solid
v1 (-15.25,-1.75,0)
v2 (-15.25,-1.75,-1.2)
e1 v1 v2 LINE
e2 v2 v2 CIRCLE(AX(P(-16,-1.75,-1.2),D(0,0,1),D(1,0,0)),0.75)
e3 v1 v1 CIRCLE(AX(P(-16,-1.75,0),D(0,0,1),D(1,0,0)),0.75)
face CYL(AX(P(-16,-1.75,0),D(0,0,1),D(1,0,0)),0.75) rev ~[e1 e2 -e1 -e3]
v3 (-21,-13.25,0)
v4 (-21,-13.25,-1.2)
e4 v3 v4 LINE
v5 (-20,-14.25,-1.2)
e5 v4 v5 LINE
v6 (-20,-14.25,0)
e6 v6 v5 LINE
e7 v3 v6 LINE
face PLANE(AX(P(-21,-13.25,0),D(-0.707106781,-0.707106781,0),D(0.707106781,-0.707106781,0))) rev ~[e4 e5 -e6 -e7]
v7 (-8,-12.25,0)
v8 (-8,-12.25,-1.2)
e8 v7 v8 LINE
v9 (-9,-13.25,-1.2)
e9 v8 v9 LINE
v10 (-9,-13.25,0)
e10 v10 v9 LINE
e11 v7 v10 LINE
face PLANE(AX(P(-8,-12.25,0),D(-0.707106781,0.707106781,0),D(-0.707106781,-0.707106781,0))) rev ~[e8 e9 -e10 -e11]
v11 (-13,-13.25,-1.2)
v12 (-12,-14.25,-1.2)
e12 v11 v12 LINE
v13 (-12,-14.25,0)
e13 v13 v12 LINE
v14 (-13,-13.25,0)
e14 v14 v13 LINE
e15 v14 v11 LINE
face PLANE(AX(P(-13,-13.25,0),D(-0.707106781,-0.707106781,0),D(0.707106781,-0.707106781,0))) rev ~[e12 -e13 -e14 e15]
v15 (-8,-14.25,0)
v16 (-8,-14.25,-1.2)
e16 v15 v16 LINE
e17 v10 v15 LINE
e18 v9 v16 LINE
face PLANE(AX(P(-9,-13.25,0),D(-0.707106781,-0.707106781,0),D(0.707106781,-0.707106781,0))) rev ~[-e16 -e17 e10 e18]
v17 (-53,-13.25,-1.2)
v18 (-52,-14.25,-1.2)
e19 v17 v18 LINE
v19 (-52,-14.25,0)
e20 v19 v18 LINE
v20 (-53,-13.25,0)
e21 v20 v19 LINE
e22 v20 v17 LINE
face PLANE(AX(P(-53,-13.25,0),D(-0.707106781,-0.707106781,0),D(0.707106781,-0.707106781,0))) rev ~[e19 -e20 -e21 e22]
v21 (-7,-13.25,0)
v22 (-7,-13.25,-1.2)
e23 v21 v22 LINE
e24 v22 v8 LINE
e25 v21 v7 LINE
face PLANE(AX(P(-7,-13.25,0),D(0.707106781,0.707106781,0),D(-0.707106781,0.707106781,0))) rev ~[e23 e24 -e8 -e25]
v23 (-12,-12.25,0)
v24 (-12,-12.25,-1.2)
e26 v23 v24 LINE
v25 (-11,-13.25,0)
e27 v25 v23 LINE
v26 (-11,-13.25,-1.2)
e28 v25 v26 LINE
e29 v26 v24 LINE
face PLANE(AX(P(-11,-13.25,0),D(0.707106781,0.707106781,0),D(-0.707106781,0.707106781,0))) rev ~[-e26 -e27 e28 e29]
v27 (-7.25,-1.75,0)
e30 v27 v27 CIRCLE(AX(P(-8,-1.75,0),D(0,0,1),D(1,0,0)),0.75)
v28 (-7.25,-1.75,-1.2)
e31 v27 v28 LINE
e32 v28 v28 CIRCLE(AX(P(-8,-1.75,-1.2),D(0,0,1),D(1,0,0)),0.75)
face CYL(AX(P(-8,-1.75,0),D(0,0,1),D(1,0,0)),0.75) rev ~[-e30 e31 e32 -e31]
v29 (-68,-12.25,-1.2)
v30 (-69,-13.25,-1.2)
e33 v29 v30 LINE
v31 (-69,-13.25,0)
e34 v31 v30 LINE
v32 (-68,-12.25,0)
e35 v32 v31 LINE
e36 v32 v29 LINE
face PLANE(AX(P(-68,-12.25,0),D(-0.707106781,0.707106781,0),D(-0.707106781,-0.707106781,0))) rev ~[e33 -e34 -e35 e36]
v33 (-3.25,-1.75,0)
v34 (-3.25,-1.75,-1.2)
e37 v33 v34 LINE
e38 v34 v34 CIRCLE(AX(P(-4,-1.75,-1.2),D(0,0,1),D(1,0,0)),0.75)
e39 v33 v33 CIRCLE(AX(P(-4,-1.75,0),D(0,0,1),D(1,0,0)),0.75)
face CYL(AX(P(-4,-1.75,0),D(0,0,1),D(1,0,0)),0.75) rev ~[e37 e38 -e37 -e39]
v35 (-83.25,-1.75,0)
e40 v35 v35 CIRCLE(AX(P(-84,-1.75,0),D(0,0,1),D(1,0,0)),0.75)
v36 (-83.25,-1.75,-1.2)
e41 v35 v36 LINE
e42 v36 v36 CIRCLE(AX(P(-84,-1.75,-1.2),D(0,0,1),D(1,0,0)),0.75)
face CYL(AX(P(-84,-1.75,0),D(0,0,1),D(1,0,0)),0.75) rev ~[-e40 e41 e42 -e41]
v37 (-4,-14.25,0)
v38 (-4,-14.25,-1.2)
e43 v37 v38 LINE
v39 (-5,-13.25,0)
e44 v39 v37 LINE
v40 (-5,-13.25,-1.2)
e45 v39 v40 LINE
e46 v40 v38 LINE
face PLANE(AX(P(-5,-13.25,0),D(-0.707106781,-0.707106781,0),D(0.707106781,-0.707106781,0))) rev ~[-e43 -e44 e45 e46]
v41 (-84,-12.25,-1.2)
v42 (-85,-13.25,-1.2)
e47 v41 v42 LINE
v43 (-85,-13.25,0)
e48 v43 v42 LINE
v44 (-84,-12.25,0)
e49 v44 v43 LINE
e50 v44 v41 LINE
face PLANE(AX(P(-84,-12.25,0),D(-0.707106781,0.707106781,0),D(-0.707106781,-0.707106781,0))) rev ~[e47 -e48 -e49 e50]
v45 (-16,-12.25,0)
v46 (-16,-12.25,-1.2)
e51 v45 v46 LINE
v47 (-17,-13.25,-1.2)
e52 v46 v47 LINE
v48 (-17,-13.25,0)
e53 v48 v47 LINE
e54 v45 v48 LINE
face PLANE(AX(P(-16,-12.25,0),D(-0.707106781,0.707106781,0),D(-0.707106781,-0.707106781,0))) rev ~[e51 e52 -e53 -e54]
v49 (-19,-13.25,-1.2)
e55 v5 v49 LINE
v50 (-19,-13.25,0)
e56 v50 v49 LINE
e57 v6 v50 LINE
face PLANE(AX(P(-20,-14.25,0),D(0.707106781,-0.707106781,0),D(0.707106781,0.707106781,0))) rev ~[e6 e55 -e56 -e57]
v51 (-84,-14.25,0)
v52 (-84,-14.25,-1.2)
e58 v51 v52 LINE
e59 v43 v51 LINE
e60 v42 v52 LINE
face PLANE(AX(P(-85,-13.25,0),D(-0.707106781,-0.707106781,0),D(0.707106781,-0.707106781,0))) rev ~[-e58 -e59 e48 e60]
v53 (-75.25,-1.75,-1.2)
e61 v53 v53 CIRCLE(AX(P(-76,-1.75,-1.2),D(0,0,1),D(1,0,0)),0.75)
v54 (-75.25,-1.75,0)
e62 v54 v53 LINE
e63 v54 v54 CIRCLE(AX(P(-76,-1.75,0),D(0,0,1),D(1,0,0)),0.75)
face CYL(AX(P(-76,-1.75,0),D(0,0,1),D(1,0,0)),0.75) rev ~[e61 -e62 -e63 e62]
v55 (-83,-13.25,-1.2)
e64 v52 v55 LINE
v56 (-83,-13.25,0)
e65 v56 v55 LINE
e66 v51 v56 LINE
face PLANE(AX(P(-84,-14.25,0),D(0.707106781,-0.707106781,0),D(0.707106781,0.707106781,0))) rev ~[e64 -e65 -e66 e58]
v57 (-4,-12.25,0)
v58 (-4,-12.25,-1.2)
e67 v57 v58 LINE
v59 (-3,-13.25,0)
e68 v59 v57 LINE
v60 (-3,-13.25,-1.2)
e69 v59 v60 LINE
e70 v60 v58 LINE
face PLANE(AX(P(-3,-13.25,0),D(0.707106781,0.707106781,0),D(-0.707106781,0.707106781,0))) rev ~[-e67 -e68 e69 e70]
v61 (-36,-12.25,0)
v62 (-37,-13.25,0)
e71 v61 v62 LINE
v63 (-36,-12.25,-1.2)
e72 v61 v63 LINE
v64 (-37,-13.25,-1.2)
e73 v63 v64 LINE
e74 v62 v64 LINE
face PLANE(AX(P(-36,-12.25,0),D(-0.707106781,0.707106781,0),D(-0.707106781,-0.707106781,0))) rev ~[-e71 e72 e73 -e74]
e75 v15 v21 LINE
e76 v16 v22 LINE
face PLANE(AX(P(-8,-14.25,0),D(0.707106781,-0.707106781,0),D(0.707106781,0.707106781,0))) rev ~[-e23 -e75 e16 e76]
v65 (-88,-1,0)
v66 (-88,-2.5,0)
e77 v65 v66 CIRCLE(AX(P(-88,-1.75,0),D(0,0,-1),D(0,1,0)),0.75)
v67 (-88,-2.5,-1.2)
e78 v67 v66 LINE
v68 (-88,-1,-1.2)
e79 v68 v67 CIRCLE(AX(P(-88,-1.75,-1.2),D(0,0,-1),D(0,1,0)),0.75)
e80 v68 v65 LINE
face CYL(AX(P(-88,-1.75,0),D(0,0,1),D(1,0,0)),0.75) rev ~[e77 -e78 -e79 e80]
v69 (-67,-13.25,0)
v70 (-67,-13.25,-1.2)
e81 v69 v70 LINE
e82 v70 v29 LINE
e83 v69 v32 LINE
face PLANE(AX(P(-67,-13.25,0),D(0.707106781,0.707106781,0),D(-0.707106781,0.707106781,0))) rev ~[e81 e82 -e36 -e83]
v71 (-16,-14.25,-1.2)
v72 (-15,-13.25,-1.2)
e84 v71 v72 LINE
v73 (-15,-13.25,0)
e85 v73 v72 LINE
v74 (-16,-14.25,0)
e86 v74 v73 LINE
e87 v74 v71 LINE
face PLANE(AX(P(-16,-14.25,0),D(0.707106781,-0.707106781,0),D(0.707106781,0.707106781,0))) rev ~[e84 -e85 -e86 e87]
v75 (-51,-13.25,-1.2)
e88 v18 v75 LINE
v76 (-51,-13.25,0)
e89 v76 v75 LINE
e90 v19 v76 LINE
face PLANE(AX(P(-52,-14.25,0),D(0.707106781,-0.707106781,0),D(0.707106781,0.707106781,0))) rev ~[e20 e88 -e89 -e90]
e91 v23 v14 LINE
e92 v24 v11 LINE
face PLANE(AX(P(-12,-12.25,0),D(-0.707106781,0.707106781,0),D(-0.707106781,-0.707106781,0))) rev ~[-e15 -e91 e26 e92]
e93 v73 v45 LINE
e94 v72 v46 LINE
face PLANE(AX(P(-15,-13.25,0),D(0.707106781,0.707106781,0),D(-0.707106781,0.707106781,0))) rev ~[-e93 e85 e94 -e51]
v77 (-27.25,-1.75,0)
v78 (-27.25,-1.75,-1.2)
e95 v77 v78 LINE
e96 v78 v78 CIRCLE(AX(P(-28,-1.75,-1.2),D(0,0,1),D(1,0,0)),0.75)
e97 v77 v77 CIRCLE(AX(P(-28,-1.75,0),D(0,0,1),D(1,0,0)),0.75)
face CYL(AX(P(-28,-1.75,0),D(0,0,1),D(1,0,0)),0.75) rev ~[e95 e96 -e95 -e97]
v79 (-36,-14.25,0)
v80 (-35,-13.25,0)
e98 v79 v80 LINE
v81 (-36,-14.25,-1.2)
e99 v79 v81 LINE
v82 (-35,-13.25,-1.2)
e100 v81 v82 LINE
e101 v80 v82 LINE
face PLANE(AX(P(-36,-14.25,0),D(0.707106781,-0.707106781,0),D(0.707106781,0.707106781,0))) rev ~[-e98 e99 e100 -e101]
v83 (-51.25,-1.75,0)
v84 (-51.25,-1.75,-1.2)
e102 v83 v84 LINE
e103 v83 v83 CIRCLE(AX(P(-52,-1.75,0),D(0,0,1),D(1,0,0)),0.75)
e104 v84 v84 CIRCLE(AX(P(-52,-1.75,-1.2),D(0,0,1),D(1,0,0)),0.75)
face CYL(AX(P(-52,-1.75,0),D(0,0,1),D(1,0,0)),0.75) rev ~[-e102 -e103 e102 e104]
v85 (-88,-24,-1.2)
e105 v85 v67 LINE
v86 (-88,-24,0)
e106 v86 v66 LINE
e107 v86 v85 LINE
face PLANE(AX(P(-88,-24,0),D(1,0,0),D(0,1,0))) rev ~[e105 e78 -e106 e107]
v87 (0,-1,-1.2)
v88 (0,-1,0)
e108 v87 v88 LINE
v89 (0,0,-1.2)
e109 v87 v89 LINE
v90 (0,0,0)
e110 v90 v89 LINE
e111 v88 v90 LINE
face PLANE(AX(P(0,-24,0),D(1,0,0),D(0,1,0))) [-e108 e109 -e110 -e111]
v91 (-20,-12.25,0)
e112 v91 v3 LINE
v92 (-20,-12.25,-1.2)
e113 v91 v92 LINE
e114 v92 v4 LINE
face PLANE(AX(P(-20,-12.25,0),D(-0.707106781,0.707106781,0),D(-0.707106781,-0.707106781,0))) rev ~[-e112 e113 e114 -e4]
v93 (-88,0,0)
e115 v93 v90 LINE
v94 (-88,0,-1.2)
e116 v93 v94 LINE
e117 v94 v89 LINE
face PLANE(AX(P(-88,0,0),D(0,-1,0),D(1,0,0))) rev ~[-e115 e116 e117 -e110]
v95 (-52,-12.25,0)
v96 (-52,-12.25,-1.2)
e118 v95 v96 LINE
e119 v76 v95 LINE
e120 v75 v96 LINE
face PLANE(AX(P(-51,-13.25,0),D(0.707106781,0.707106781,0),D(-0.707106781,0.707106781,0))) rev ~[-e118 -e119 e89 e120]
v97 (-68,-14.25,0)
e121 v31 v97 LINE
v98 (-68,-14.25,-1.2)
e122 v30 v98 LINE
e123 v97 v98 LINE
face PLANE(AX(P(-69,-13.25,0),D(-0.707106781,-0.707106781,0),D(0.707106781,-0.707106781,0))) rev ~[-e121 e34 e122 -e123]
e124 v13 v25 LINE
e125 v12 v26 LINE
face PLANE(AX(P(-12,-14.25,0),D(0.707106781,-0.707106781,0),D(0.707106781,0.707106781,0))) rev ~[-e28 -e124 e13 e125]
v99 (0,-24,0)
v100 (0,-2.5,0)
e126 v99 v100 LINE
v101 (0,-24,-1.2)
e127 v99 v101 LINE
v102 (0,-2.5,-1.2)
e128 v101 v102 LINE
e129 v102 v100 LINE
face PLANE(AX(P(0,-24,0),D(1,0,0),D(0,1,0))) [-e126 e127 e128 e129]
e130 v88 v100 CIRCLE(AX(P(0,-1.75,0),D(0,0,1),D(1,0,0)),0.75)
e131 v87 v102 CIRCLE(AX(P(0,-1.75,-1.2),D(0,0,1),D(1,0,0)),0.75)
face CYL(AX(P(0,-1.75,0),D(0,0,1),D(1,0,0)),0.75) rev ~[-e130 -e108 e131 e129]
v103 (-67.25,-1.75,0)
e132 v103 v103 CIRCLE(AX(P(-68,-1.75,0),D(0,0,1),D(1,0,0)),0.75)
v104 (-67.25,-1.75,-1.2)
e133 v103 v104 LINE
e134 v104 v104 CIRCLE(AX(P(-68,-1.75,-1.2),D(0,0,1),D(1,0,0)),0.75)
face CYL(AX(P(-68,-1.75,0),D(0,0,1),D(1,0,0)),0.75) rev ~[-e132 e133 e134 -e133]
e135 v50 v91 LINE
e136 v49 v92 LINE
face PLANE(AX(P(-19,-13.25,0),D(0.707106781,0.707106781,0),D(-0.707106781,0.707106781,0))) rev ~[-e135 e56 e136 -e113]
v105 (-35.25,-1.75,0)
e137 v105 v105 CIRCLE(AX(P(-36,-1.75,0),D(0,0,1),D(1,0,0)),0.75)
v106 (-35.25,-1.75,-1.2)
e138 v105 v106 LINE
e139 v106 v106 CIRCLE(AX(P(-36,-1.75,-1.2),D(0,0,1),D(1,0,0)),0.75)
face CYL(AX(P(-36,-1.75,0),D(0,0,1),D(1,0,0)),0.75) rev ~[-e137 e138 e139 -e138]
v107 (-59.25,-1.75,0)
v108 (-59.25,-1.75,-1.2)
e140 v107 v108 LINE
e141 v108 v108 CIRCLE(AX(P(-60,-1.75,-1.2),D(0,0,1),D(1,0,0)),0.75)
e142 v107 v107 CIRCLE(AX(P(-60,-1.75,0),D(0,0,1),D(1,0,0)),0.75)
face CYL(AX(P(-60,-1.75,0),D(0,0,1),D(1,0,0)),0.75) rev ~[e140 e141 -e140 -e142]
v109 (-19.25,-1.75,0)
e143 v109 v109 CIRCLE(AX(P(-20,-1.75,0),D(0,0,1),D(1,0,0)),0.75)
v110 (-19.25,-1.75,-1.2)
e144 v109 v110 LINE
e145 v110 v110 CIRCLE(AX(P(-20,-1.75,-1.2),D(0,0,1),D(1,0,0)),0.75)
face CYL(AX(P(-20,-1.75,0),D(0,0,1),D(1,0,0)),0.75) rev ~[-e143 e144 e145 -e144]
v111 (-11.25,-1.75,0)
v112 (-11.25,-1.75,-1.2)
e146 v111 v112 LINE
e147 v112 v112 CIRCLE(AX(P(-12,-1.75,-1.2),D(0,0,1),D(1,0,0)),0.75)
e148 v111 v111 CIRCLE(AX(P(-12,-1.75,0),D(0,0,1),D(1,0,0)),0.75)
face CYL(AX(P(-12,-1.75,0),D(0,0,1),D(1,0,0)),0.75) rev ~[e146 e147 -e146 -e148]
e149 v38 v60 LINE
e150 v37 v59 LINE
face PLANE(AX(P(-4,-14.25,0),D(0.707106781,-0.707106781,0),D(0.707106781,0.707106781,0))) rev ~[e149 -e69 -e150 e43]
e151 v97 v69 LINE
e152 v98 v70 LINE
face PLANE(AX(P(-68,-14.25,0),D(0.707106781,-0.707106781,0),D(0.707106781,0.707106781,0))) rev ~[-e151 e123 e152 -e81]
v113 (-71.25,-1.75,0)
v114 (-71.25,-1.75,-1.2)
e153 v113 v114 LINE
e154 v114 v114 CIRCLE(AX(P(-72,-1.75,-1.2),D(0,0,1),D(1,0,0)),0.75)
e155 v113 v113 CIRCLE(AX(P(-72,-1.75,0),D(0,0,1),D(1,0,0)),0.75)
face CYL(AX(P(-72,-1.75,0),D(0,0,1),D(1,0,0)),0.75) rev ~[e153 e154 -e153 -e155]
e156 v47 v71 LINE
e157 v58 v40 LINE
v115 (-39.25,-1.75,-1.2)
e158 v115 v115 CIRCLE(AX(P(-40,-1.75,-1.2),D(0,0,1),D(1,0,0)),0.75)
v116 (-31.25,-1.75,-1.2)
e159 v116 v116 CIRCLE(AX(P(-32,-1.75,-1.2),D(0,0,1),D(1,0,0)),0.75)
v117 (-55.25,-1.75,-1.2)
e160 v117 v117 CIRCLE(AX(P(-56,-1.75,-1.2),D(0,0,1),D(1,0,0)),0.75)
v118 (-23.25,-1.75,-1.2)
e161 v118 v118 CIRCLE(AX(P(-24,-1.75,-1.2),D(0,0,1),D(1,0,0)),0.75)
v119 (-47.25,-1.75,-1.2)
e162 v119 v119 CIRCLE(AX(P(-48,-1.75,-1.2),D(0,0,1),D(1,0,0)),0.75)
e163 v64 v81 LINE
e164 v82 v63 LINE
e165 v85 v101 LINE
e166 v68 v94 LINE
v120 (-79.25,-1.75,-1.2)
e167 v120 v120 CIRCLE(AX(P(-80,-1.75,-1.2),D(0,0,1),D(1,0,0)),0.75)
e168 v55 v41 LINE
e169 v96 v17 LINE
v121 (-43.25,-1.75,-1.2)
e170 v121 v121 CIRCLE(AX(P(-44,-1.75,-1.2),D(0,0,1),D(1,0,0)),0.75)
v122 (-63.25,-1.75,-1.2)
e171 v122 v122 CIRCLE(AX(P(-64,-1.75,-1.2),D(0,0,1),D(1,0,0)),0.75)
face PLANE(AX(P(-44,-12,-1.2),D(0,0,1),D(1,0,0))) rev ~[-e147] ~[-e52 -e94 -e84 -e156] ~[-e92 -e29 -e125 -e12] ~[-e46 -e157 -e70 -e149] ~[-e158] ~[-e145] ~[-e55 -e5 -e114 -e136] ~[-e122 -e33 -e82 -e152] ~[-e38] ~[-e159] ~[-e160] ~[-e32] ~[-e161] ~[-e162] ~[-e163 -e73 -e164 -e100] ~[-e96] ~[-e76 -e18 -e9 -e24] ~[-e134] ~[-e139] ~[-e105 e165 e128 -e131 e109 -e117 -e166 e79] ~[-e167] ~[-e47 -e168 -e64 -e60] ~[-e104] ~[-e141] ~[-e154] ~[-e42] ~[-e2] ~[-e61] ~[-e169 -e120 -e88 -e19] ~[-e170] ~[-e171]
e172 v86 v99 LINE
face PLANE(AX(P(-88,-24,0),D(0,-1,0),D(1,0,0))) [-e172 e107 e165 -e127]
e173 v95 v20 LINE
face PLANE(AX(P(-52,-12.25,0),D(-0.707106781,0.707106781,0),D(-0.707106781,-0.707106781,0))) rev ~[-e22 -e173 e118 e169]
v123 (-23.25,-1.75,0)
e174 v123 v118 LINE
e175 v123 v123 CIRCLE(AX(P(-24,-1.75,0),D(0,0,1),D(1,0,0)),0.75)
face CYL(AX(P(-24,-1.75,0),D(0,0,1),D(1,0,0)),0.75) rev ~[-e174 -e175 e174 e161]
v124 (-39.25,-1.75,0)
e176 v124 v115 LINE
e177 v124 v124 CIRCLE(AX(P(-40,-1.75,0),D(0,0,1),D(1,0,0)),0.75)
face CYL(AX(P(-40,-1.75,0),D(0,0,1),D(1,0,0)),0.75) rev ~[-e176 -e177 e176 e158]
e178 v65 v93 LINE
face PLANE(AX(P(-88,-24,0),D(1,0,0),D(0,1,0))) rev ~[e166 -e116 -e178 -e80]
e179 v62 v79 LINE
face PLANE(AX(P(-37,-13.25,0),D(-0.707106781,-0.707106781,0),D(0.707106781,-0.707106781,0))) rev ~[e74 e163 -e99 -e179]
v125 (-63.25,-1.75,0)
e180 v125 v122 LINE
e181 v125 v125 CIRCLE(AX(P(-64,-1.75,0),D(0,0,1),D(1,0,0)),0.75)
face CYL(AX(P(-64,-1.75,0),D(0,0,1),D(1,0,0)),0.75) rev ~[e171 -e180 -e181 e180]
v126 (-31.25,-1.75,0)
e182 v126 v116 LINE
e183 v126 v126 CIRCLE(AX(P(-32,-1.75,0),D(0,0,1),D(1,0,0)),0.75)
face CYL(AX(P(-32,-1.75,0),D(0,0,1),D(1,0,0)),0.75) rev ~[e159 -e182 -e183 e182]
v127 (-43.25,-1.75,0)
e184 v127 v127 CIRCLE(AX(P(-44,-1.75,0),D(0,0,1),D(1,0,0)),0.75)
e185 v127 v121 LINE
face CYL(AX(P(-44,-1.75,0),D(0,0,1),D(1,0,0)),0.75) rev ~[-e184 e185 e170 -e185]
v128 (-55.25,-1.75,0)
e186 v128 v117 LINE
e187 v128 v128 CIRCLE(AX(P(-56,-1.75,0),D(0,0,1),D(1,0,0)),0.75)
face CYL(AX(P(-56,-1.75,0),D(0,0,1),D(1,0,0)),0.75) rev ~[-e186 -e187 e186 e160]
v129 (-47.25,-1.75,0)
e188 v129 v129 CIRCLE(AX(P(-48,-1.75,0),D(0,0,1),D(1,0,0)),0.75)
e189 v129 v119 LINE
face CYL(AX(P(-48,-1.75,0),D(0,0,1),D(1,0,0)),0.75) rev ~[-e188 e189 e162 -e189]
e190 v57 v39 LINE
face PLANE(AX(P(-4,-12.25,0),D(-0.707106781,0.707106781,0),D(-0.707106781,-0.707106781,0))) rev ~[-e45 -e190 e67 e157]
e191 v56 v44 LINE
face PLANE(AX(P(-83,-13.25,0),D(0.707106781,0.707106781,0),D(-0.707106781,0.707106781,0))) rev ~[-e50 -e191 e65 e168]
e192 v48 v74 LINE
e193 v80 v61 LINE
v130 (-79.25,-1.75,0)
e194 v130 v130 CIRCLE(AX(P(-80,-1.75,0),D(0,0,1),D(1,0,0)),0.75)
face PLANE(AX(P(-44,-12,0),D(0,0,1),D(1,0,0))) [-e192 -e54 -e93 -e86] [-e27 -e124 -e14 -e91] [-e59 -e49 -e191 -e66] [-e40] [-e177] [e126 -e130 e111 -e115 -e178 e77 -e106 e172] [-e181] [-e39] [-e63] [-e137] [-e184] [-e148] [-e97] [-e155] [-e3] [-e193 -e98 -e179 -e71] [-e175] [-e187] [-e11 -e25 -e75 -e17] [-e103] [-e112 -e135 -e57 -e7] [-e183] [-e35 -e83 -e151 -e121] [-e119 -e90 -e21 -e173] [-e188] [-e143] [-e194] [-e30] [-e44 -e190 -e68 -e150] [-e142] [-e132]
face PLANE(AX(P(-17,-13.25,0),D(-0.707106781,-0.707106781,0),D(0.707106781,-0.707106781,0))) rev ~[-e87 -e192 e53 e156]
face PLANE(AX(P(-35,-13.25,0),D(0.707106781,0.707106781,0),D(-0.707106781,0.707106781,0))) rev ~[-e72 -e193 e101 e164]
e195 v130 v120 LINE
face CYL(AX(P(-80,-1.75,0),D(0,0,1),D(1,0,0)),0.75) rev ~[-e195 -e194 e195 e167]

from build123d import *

# Parameters (mm, degrees)
TOP_SKETCH_W                   = 88
TOP_SKETCH_H                   = 24
THICKNESS_EXTRUDE_DEPTH        = 1.2
PIN_HOLE_SKETCH_R              = 0.75
FIRST_PIN_HOLE_CUT_DEPTH       = 92.221927189
PIN_HOLE_PATTERN_COUNT         = 23
PIN_HOLE_PATTERN_PITCH         = 4
MARKER_CUT_DEPTH               = 92.221927189
COMPONENT_MARKER_PATTERN_COUNT = 4
COMPONENT_MARKER_PATTERN_PITCH = 4
PIN_HOLE_MARKER_PATTERN_COUNT  = 6
PIN_HOLE_MARKER_PATTERN_PITCH  = 16


with BuildPart() as part:
    # Top Sketch → Thickness Extrude (new body)
    with BuildSketch(Plane.XY):
        with Locations((-44, -12)):
            Rectangle(TOP_SKETCH_W, TOP_SKETCH_H)
    extrude(amount=-THICKNESS_EXTRUDE_DEPTH)

    # Pin Hole Sketch → First Pin Hole Cut (cut, through all)
    with BuildSketch(Plane.XY):
        with Locations((0, -1.75)):
            Circle(PIN_HOLE_SKETCH_R)
    first_pin_hole_cut = extrude(amount=-FIRST_PIN_HOLE_CUT_DEPTH, mode=Mode.SUBTRACT)

    # Pin Hole Pattern: First Pin Hole Cut ×23
    with Locations(*[(-i * PIN_HOLE_PATTERN_PITCH, 0, 0) for i in range(1, PIN_HOLE_PATTERN_COUNT)]):
        add(first_pin_hole_cut, mode=Mode.SUBTRACT)

    # Marker Sketch → Marker Cut (cut, through all)
    with BuildSketch(Plane.XY):
        Polygon((-4, -12.25), (-5, -13.25), (-4, -14.25), (-3, -13.25), align=None)
    marker_cut = extrude(amount=-MARKER_CUT_DEPTH, mode=Mode.SUBTRACT)

    # Component Marker Pattern: Marker Cut ×4
    with Locations(*[(-i * COMPONENT_MARKER_PATTERN_PITCH, 0, 0) for i in range(1, COMPONENT_MARKER_PATTERN_COUNT)]):
        add(marker_cut, mode=Mode.SUBTRACT)

    # Pin Hole Marker Pattern: Marker Cut ×6
    with Locations(*[(-i * PIN_HOLE_MARKER_PATTERN_PITCH, 0, 0) for i in range(1, PIN_HOLE_MARKER_PATTERN_COUNT)]):
        add(marker_cut, mode=Mode.SUBTRACT)


solid = part.part
